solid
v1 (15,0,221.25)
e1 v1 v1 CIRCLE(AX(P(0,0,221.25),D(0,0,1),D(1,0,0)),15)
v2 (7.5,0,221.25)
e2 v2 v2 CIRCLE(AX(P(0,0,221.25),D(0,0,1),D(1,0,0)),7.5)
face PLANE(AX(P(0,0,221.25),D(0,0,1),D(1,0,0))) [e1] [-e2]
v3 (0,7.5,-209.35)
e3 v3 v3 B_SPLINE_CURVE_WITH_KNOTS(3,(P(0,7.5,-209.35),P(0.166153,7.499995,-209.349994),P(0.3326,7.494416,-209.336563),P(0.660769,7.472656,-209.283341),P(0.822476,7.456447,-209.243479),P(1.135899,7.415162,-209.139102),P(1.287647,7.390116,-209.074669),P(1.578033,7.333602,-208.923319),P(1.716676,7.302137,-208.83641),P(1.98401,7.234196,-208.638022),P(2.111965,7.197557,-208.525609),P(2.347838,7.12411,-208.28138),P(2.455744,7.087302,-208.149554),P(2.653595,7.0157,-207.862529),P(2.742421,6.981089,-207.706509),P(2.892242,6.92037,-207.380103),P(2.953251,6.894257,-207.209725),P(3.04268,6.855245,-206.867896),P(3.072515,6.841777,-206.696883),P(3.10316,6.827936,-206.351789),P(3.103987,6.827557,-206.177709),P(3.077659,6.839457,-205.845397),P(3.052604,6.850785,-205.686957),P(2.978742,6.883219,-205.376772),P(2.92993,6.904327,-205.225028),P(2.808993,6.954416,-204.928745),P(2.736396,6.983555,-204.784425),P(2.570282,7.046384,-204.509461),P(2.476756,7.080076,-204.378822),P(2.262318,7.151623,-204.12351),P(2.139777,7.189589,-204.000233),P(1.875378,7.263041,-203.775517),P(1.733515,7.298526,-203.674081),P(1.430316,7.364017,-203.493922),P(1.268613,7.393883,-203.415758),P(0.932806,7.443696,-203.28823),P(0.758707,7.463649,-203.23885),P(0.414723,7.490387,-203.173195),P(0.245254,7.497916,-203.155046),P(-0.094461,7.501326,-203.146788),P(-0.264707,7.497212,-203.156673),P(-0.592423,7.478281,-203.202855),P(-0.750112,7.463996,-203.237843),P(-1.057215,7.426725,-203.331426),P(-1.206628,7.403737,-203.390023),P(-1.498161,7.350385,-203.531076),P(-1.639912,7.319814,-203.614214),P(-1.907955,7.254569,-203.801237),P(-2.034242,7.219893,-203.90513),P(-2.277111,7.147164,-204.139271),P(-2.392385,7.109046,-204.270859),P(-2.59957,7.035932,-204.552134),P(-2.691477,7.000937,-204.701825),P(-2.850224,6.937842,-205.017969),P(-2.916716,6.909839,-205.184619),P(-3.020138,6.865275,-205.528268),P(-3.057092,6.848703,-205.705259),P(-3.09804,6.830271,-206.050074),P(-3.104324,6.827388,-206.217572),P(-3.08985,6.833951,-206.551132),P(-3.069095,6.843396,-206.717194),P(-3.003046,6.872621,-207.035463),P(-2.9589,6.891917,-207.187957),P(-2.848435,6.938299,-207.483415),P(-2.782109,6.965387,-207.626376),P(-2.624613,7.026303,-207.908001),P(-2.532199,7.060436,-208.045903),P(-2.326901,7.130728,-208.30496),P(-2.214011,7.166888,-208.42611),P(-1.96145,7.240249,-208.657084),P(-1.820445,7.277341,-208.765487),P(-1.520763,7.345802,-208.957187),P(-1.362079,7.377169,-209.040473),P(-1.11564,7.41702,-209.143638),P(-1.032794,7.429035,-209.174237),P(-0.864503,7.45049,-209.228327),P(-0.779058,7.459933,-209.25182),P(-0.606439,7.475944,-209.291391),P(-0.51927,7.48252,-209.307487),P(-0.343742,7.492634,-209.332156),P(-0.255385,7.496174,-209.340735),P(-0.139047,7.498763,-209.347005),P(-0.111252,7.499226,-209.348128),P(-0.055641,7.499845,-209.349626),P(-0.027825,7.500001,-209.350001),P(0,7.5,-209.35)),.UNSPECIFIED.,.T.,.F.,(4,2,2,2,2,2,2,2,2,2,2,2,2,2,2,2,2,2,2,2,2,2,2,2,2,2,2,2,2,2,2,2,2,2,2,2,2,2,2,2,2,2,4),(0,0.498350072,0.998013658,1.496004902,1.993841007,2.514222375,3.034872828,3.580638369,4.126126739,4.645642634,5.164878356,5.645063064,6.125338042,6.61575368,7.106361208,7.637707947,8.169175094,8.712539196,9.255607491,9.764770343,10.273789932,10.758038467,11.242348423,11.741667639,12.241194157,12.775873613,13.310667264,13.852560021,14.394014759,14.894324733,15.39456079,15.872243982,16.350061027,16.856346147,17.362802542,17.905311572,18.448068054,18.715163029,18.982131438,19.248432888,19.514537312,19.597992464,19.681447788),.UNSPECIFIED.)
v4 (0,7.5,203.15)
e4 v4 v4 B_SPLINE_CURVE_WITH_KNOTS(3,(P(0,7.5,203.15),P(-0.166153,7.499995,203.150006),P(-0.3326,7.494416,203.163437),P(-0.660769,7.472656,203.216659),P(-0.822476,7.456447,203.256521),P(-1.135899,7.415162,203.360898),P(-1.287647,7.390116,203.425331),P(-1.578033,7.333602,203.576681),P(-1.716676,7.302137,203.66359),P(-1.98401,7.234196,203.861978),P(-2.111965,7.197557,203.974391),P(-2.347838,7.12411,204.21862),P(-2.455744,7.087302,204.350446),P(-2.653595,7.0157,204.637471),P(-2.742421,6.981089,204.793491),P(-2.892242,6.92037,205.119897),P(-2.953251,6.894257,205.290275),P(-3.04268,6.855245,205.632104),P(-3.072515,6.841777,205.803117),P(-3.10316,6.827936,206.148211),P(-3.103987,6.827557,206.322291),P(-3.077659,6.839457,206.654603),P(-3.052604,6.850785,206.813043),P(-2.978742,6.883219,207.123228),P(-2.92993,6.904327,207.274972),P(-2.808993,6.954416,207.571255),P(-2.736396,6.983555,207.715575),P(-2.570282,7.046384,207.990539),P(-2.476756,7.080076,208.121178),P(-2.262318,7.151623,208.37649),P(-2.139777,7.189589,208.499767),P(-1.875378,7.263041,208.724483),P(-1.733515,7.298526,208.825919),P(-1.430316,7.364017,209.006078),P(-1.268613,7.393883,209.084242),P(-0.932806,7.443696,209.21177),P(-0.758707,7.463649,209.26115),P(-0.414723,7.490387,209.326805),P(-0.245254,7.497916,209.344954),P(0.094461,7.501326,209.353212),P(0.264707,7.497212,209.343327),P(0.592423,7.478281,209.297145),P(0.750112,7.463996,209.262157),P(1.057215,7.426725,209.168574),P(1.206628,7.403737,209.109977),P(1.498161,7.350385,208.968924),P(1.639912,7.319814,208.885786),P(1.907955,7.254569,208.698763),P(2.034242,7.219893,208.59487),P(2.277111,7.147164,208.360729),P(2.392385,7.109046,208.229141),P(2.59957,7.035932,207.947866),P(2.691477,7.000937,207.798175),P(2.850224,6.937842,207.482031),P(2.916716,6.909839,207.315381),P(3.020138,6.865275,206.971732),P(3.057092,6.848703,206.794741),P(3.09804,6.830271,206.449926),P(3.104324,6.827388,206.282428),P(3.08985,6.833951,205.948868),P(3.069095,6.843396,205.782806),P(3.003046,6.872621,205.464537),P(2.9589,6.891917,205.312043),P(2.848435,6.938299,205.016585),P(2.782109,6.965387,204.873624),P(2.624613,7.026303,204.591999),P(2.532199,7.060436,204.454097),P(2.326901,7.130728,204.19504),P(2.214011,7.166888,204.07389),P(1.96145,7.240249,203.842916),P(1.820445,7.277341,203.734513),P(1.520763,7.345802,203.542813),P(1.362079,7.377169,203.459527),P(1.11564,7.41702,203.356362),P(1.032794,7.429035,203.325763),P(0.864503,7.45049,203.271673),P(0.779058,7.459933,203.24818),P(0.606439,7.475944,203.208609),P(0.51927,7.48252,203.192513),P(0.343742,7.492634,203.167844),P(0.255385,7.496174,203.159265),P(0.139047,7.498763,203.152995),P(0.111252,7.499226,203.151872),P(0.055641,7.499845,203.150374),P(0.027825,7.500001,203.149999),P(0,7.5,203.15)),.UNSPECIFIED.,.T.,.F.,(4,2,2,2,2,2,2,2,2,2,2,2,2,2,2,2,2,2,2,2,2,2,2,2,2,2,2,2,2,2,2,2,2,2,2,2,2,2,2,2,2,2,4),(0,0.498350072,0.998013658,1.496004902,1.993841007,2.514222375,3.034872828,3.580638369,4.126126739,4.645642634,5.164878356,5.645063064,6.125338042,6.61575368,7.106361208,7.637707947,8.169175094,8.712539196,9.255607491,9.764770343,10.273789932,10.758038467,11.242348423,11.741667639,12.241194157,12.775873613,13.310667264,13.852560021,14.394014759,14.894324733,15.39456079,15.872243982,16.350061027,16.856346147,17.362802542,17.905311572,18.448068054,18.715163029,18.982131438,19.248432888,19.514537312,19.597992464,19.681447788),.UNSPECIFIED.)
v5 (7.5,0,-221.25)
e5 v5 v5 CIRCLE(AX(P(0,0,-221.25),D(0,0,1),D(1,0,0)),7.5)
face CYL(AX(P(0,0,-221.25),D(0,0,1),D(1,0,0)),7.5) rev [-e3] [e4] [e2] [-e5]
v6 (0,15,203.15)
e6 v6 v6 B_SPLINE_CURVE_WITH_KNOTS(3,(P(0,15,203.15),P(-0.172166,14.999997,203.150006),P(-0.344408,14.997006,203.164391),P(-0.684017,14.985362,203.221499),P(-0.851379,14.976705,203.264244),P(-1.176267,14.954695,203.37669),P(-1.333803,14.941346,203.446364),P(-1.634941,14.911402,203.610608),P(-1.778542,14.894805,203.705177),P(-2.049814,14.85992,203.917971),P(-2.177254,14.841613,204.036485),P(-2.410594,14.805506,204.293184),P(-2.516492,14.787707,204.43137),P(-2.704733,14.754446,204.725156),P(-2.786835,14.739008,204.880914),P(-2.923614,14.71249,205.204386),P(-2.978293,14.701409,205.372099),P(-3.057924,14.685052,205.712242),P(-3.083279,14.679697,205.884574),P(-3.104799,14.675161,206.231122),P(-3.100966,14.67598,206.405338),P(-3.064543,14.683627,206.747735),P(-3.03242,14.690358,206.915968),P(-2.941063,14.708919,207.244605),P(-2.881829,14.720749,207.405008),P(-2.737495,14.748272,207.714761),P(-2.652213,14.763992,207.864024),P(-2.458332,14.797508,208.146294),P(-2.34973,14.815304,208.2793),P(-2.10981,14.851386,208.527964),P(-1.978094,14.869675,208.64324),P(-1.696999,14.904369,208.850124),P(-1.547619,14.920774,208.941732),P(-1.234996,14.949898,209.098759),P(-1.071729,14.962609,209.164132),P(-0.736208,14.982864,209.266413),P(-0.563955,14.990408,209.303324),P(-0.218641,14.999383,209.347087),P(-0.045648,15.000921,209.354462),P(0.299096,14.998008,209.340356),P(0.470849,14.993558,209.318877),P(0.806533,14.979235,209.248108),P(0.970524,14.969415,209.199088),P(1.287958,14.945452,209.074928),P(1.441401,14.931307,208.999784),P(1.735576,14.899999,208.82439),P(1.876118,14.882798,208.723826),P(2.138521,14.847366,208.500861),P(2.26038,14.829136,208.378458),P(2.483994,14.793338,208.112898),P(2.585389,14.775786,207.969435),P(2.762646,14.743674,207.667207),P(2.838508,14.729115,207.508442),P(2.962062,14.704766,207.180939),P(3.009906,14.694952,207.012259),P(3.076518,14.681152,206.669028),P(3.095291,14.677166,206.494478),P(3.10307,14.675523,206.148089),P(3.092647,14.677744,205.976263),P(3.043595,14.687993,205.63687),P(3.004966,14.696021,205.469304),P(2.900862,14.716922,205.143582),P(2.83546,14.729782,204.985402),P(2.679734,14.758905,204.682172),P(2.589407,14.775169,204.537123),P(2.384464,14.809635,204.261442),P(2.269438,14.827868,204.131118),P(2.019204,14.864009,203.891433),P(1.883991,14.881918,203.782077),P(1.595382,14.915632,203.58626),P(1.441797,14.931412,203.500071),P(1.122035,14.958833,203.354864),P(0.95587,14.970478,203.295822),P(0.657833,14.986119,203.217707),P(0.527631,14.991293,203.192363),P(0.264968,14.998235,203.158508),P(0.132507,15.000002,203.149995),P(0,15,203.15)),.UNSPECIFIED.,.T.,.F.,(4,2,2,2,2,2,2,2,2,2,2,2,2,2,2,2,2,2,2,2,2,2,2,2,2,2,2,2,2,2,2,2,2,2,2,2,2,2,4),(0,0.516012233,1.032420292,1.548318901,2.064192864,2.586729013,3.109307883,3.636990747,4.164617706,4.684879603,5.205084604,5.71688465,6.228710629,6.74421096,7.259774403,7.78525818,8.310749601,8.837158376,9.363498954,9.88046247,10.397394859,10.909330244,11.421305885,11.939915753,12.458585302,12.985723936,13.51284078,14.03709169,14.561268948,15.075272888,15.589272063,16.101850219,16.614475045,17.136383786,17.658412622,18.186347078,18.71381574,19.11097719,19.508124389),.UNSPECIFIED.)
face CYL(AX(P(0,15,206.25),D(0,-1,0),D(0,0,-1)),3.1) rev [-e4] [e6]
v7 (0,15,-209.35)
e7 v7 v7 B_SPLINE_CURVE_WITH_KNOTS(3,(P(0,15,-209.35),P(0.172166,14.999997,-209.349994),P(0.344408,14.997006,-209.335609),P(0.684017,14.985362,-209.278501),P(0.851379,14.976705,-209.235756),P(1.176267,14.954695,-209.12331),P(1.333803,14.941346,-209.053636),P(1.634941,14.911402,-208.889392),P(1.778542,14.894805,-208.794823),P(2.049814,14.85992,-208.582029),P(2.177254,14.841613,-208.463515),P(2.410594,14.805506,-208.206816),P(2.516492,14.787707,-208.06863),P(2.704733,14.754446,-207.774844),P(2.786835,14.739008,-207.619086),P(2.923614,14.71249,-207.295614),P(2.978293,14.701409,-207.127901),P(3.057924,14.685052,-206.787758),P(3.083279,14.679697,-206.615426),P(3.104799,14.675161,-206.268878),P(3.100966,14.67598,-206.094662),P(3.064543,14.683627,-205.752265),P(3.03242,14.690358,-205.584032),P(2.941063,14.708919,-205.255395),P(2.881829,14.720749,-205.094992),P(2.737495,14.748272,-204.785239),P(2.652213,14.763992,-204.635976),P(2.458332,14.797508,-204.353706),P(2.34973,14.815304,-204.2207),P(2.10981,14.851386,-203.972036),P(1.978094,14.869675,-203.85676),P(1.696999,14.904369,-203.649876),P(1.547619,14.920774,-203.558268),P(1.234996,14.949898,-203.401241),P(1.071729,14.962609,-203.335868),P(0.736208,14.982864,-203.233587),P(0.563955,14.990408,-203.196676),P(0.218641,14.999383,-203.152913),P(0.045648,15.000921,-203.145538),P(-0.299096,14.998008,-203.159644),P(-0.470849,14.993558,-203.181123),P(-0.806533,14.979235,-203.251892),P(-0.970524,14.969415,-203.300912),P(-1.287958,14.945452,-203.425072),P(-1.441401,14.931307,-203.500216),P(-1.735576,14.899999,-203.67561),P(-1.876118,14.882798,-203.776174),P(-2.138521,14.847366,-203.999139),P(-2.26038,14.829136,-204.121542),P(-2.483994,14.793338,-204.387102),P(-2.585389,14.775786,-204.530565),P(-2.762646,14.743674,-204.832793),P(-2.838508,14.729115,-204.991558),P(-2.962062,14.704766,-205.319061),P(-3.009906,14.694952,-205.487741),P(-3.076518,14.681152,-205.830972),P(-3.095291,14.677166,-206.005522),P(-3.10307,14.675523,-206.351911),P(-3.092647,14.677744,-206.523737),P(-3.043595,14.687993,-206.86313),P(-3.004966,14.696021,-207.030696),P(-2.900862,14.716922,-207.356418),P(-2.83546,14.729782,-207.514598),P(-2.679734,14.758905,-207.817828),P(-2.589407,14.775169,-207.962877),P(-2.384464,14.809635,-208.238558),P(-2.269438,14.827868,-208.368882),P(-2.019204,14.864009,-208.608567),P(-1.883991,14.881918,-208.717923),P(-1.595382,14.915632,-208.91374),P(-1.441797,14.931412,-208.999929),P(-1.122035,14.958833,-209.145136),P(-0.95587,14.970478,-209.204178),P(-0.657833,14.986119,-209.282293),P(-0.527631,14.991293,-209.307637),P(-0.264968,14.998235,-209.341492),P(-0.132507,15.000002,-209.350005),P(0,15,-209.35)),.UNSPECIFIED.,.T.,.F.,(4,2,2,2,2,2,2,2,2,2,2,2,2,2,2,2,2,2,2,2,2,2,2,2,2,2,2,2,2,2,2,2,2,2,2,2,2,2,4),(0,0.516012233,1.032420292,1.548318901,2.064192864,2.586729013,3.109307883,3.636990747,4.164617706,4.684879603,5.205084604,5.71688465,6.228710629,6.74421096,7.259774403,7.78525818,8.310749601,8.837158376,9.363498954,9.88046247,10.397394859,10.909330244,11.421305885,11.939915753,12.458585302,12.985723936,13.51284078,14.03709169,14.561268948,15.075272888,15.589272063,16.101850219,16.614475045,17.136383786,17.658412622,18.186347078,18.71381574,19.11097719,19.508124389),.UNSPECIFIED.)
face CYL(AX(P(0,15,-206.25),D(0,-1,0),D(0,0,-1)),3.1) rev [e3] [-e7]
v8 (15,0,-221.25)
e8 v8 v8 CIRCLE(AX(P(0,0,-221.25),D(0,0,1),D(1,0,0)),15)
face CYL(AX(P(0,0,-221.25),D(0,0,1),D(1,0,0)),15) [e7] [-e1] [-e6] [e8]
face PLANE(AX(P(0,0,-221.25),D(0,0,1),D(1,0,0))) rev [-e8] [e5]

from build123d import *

# Parameters (mm, degrees)
BOSS_EXTRUDE1_DEPTH      = 221.25
BOSS_EXTRUDE1_DEPTH_BACK = 221.25
SKETCH1_R                = 15
SKETCH1_R_2              = 7.5
SKETCH3_R                = 3.1
CUT_EXTRUDE1_DEPTH       = 223.264622691


with BuildPart() as part:
    # Sketch1 → Boss-Extrude1 (new, two sides: drawn at the far end of the back side and taken through both)
    with BuildSketch(Plane.XY.offset(-BOSS_EXTRUDE1_DEPTH_BACK)):
        Circle(SKETCH1_R)
        Circle(SKETCH1_R_2, mode=Mode.SUBTRACT)
    extrude(amount=BOSS_EXTRUDE1_DEPTH + BOSS_EXTRUDE1_DEPTH_BACK)

    # Sketch3 → Cut-Extrude1 (cut, through all)
    with BuildSketch(Plane(origin=(0, 0, 0), x_dir=(1, 0, 0), z_dir=(0, 1, 0))):
        with Locations((0, 206.25)):
            Circle(SKETCH3_R)
    cut_extrude1 = extrude(amount=CUT_EXTRUDE1_DEPTH, mode=Mode.SUBTRACT)

    # Mirror1: Cut-Extrude1 across plane
    add(cut_extrude1.mirror(Plane.XY), mode=Mode.SUBTRACT)


solid = part.part
